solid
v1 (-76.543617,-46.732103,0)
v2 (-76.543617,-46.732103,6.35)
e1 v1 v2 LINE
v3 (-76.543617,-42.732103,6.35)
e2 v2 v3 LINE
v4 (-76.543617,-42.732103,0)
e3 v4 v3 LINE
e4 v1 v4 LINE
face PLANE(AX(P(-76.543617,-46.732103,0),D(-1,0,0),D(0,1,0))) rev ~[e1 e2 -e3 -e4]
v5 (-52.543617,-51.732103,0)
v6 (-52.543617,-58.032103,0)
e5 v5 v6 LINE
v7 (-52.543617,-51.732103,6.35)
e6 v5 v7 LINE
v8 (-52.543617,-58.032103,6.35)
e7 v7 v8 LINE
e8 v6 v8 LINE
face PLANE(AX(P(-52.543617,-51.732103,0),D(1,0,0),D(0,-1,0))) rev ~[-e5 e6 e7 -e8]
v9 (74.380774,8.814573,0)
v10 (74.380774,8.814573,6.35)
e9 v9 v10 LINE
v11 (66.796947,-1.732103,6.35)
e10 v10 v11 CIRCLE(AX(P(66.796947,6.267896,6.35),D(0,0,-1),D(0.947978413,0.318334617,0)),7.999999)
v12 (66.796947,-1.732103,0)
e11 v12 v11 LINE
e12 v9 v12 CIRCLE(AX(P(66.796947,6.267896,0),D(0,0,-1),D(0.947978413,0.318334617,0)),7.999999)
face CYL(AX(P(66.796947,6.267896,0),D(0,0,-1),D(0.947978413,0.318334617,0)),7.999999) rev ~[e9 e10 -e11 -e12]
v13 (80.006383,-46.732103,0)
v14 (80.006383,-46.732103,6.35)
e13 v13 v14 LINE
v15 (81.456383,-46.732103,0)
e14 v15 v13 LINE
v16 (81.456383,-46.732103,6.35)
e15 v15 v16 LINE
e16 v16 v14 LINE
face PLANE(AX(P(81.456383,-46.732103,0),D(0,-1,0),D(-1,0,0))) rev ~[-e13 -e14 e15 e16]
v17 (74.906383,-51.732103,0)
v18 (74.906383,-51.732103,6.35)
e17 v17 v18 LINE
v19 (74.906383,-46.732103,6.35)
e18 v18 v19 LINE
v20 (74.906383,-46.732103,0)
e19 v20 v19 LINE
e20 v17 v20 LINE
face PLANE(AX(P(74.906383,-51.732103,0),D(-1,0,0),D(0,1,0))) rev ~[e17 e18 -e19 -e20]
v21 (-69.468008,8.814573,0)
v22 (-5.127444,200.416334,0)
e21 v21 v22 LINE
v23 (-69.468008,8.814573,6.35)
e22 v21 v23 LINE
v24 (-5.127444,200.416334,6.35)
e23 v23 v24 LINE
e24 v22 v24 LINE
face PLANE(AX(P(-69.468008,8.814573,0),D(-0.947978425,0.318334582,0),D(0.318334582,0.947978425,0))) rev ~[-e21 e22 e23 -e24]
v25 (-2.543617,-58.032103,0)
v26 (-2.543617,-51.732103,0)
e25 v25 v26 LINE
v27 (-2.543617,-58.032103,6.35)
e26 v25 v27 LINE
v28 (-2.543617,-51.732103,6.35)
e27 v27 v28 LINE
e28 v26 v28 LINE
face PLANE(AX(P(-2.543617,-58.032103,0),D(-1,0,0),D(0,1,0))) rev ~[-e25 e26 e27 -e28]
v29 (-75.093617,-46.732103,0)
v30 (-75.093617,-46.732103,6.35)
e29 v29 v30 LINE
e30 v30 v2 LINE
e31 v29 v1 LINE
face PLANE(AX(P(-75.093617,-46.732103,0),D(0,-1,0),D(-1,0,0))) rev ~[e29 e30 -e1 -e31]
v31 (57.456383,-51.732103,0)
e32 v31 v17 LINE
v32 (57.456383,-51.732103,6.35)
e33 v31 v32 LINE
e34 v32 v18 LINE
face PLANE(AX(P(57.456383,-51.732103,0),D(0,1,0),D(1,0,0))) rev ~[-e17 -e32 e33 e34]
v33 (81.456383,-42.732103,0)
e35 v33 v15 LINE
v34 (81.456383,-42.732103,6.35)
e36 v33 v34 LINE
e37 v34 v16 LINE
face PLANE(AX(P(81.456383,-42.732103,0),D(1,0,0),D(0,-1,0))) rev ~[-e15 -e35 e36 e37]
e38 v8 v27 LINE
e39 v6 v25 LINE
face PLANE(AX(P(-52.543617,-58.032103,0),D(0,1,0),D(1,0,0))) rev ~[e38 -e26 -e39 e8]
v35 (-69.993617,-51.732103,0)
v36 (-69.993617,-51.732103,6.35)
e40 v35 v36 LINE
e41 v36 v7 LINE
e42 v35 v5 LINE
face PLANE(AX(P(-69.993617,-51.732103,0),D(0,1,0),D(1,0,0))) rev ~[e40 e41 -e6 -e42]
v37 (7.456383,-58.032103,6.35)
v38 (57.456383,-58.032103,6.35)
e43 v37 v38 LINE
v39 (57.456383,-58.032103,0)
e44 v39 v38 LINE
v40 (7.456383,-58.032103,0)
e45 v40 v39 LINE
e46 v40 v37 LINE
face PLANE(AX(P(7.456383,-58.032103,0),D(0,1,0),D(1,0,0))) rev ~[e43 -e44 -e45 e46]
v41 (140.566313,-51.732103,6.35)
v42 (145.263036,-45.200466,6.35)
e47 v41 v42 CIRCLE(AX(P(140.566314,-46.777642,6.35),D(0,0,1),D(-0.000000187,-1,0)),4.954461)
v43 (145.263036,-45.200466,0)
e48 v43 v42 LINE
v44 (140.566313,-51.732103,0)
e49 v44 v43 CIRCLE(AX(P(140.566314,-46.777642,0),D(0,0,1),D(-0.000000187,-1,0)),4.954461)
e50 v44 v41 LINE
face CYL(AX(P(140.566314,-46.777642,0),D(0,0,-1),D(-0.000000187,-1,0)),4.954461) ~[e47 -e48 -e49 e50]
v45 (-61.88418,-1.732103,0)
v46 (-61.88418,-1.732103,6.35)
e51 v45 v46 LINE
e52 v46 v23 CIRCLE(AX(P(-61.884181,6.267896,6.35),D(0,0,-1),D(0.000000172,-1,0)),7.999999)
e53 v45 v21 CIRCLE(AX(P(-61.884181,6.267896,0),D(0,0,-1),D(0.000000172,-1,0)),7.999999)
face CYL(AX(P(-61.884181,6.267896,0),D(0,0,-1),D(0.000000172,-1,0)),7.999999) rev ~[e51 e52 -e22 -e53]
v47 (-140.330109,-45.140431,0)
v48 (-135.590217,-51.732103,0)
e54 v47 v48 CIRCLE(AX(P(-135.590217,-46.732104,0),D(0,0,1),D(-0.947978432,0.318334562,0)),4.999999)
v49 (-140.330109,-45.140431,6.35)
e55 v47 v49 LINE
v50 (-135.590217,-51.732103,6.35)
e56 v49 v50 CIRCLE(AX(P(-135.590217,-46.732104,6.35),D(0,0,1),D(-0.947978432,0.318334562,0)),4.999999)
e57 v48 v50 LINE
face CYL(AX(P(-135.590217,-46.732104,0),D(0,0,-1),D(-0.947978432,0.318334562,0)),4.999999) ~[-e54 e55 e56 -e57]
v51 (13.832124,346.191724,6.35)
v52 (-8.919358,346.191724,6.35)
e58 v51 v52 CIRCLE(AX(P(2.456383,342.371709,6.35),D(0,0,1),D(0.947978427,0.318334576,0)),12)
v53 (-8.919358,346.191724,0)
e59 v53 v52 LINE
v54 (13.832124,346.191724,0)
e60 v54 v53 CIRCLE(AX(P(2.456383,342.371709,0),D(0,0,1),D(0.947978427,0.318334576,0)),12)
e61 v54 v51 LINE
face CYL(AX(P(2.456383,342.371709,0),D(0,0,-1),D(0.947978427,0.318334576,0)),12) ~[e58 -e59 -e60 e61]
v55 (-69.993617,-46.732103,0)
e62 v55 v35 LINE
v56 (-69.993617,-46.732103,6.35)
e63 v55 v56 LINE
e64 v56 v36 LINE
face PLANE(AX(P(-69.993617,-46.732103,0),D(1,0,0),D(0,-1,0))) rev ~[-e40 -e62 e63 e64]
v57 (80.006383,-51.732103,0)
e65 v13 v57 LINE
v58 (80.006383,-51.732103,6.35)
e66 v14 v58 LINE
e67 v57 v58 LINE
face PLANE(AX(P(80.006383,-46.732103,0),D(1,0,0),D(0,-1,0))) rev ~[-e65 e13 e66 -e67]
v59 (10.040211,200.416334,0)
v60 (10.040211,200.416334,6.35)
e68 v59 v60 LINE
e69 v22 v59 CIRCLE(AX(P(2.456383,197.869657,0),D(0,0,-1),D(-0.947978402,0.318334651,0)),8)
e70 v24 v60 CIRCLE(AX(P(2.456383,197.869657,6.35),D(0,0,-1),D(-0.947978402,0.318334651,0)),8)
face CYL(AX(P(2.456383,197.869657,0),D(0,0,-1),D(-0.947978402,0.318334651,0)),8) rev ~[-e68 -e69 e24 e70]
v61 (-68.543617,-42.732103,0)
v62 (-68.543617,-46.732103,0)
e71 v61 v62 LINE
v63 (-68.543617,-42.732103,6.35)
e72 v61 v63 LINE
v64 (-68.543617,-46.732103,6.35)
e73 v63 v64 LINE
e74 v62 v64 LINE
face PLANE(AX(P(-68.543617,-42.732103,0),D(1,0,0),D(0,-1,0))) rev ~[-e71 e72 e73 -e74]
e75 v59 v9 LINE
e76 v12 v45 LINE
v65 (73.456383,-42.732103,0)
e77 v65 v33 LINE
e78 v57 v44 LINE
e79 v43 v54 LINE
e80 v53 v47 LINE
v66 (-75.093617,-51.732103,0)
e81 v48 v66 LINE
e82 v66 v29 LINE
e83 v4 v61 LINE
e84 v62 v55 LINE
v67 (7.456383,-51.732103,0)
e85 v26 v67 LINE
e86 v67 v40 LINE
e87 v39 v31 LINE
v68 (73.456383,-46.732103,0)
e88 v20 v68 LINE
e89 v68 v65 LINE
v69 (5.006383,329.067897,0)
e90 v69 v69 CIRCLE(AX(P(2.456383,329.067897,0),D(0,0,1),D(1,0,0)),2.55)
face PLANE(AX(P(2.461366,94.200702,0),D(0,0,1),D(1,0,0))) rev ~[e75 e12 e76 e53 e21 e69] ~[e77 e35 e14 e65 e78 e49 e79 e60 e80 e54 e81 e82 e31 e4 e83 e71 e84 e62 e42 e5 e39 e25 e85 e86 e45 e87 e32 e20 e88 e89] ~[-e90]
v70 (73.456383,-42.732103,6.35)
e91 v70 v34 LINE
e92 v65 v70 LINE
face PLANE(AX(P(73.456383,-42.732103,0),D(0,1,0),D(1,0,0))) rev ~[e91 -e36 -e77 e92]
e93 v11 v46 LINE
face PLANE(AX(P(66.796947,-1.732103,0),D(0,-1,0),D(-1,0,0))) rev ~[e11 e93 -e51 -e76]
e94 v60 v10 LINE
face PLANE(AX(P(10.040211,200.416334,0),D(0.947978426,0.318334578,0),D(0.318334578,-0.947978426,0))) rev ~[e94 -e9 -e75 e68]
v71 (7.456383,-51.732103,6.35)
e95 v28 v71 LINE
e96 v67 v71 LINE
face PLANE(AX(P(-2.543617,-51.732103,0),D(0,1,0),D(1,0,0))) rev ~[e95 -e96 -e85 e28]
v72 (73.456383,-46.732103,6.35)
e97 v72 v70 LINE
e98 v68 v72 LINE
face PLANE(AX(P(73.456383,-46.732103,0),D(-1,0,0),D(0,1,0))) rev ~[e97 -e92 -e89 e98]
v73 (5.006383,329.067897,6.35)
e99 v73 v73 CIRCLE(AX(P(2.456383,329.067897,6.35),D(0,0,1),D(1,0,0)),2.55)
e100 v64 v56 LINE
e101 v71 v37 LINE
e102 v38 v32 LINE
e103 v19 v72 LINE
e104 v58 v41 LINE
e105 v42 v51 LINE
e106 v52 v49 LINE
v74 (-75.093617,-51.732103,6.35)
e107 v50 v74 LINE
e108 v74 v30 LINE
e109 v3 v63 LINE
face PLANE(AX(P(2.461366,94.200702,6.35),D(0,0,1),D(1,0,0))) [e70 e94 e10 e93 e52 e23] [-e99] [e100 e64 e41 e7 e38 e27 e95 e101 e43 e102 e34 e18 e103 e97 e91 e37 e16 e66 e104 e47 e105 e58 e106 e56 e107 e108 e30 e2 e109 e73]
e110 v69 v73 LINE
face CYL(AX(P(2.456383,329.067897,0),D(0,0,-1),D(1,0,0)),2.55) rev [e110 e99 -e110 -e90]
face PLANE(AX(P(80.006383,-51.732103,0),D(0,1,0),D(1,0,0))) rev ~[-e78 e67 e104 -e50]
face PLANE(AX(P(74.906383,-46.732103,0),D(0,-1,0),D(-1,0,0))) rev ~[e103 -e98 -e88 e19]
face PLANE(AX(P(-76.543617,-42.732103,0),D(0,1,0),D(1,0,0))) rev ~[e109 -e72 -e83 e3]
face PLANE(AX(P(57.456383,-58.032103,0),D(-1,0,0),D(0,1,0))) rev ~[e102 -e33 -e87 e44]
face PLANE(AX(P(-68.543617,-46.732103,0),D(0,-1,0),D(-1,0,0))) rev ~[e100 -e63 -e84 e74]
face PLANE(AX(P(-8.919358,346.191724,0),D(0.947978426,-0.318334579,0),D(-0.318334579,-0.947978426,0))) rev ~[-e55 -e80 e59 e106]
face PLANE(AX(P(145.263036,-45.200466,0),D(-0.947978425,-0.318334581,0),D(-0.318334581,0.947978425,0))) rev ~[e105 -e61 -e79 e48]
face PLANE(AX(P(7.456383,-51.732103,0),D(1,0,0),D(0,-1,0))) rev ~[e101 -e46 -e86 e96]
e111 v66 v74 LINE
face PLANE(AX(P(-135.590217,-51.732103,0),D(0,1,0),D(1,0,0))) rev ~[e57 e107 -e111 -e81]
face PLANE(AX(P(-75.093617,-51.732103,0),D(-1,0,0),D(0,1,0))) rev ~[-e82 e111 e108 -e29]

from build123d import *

# Parameters (mm, degrees)
F0_R     = 2.55
F1_DEPTH = 6.35


with BuildPart() as f1:
    # F0 (on Top) → F1 (new body)
    with BuildSketch(Plane.XY):
        with BuildLine():
            Line((-8.919358, 346.191724), (-140.330109, -45.140431))
            ThreePointArc((-140.330109, -45.140431), (-139.649673, -49.651147), (-135.590217, -51.732103))
            Line((-135.590217, -51.732103), (-75.093617, -51.732103))
            Line((-75.093617, -51.732103), (-75.093617, -46.732103))
            Line((-75.093617, -46.732103), (-76.543617, -46.732103))
            Line((-76.543617, -46.732103), (-76.543617, -42.732103))
            Line((-76.543617, -42.732103), (-75.093617, -42.732103))
            Line((-75.093617, -42.732103), (-72.543617, -42.732103))
            Line((-72.543617, -42.732103), (-69.993617, -42.732103))
            Line((-69.993617, -42.732103), (-68.543617, -42.732103))
            Line((-68.543617, -42.732103), (-68.543617, -46.732103))
            Line((-68.543617, -46.732103), (-69.993617, -46.732103))
            Line((-69.993617, -46.732103), (-69.993617, -51.732103))
            Line((-69.993617, -51.732103), (-52.543617, -51.732103))
            Line((-52.543617, -51.732103), (-52.543617, -58.032103))
            Line((-52.543617, -58.032103), (-2.543617, -58.032103))
            Line((-2.543617, -58.032103), (-2.543617, -51.732103))
            Line((-2.543617, -51.732103), (2.456383, -51.732103))
            Line((2.456383, -51.732103), (7.456383, -51.732103))
            Line((7.456383, -51.732103), (7.456383, -58.032103))
            Line((7.456383, -58.032103), (57.456383, -58.032103))
            Line((57.456383, -58.032103), (57.456383, -51.732103))
            Line((57.456383, -51.732103), (74.906383, -51.732103))
            Line((74.906383, -51.732103), (74.906383, -46.732103))
            Line((74.906383, -46.732103), (73.456383, -46.732103))
            Line((73.456383, -46.732103), (73.456383, -42.732103))
            Line((73.456383, -42.732103), (74.906383, -42.732103))
            Line((74.906383, -42.732103), (77.456383, -42.732103))
            Line((77.456383, -42.732103), (80.006383, -42.732103))
            Line((80.006383, -42.732103), (81.456383, -42.732103))
            Line((81.456383, -42.732103), (81.456383, -46.732103))
            Line((81.456383, -46.732103), (80.006383, -46.732103))
            Line((80.006383, -46.732103), (80.006383, -51.732103))
            Line((80.006383, -51.732103), (140.566313, -51.732103))
            ThreePointArc((140.566313, -51.732103), (144.588797, -49.6701), (145.263036, -45.200466))
            Line((145.263036, -45.200466), (13.832124, 346.191724))
            ThreePointArc((13.832124, 346.191724), (2.456383, 354.371709), (-8.919358, 346.191724))
        make_face()
        with BuildLine():
            Line((66.796947, -1.732103), (2.456383, -1.732103))
            Line((2.456383, -1.732103), (-61.88418, -1.732103))
            ThreePointArc((-61.88418, -1.732103), (-68.37931, 1.597426), (-69.468008, 8.814573))
            Line((-69.468008, 8.814573), (-5.127444, 200.416334))
            ThreePointArc((-5.127444, 200.416334), (2.456383, 205.869657), (10.040211, 200.416334))
            Line((10.040211, 200.416334), (74.380774, 8.814573))
            ThreePointArc((74.380774, 8.814573), (73.292076, 1.597426), (66.796947, -1.732103))
        make_face(mode=Mode.SUBTRACT)
        with Locations((2.456383, 329.067897)):
            Circle(F0_R, mode=Mode.SUBTRACT)
    extrude(amount=F1_DEPTH)


solid = f1.part
